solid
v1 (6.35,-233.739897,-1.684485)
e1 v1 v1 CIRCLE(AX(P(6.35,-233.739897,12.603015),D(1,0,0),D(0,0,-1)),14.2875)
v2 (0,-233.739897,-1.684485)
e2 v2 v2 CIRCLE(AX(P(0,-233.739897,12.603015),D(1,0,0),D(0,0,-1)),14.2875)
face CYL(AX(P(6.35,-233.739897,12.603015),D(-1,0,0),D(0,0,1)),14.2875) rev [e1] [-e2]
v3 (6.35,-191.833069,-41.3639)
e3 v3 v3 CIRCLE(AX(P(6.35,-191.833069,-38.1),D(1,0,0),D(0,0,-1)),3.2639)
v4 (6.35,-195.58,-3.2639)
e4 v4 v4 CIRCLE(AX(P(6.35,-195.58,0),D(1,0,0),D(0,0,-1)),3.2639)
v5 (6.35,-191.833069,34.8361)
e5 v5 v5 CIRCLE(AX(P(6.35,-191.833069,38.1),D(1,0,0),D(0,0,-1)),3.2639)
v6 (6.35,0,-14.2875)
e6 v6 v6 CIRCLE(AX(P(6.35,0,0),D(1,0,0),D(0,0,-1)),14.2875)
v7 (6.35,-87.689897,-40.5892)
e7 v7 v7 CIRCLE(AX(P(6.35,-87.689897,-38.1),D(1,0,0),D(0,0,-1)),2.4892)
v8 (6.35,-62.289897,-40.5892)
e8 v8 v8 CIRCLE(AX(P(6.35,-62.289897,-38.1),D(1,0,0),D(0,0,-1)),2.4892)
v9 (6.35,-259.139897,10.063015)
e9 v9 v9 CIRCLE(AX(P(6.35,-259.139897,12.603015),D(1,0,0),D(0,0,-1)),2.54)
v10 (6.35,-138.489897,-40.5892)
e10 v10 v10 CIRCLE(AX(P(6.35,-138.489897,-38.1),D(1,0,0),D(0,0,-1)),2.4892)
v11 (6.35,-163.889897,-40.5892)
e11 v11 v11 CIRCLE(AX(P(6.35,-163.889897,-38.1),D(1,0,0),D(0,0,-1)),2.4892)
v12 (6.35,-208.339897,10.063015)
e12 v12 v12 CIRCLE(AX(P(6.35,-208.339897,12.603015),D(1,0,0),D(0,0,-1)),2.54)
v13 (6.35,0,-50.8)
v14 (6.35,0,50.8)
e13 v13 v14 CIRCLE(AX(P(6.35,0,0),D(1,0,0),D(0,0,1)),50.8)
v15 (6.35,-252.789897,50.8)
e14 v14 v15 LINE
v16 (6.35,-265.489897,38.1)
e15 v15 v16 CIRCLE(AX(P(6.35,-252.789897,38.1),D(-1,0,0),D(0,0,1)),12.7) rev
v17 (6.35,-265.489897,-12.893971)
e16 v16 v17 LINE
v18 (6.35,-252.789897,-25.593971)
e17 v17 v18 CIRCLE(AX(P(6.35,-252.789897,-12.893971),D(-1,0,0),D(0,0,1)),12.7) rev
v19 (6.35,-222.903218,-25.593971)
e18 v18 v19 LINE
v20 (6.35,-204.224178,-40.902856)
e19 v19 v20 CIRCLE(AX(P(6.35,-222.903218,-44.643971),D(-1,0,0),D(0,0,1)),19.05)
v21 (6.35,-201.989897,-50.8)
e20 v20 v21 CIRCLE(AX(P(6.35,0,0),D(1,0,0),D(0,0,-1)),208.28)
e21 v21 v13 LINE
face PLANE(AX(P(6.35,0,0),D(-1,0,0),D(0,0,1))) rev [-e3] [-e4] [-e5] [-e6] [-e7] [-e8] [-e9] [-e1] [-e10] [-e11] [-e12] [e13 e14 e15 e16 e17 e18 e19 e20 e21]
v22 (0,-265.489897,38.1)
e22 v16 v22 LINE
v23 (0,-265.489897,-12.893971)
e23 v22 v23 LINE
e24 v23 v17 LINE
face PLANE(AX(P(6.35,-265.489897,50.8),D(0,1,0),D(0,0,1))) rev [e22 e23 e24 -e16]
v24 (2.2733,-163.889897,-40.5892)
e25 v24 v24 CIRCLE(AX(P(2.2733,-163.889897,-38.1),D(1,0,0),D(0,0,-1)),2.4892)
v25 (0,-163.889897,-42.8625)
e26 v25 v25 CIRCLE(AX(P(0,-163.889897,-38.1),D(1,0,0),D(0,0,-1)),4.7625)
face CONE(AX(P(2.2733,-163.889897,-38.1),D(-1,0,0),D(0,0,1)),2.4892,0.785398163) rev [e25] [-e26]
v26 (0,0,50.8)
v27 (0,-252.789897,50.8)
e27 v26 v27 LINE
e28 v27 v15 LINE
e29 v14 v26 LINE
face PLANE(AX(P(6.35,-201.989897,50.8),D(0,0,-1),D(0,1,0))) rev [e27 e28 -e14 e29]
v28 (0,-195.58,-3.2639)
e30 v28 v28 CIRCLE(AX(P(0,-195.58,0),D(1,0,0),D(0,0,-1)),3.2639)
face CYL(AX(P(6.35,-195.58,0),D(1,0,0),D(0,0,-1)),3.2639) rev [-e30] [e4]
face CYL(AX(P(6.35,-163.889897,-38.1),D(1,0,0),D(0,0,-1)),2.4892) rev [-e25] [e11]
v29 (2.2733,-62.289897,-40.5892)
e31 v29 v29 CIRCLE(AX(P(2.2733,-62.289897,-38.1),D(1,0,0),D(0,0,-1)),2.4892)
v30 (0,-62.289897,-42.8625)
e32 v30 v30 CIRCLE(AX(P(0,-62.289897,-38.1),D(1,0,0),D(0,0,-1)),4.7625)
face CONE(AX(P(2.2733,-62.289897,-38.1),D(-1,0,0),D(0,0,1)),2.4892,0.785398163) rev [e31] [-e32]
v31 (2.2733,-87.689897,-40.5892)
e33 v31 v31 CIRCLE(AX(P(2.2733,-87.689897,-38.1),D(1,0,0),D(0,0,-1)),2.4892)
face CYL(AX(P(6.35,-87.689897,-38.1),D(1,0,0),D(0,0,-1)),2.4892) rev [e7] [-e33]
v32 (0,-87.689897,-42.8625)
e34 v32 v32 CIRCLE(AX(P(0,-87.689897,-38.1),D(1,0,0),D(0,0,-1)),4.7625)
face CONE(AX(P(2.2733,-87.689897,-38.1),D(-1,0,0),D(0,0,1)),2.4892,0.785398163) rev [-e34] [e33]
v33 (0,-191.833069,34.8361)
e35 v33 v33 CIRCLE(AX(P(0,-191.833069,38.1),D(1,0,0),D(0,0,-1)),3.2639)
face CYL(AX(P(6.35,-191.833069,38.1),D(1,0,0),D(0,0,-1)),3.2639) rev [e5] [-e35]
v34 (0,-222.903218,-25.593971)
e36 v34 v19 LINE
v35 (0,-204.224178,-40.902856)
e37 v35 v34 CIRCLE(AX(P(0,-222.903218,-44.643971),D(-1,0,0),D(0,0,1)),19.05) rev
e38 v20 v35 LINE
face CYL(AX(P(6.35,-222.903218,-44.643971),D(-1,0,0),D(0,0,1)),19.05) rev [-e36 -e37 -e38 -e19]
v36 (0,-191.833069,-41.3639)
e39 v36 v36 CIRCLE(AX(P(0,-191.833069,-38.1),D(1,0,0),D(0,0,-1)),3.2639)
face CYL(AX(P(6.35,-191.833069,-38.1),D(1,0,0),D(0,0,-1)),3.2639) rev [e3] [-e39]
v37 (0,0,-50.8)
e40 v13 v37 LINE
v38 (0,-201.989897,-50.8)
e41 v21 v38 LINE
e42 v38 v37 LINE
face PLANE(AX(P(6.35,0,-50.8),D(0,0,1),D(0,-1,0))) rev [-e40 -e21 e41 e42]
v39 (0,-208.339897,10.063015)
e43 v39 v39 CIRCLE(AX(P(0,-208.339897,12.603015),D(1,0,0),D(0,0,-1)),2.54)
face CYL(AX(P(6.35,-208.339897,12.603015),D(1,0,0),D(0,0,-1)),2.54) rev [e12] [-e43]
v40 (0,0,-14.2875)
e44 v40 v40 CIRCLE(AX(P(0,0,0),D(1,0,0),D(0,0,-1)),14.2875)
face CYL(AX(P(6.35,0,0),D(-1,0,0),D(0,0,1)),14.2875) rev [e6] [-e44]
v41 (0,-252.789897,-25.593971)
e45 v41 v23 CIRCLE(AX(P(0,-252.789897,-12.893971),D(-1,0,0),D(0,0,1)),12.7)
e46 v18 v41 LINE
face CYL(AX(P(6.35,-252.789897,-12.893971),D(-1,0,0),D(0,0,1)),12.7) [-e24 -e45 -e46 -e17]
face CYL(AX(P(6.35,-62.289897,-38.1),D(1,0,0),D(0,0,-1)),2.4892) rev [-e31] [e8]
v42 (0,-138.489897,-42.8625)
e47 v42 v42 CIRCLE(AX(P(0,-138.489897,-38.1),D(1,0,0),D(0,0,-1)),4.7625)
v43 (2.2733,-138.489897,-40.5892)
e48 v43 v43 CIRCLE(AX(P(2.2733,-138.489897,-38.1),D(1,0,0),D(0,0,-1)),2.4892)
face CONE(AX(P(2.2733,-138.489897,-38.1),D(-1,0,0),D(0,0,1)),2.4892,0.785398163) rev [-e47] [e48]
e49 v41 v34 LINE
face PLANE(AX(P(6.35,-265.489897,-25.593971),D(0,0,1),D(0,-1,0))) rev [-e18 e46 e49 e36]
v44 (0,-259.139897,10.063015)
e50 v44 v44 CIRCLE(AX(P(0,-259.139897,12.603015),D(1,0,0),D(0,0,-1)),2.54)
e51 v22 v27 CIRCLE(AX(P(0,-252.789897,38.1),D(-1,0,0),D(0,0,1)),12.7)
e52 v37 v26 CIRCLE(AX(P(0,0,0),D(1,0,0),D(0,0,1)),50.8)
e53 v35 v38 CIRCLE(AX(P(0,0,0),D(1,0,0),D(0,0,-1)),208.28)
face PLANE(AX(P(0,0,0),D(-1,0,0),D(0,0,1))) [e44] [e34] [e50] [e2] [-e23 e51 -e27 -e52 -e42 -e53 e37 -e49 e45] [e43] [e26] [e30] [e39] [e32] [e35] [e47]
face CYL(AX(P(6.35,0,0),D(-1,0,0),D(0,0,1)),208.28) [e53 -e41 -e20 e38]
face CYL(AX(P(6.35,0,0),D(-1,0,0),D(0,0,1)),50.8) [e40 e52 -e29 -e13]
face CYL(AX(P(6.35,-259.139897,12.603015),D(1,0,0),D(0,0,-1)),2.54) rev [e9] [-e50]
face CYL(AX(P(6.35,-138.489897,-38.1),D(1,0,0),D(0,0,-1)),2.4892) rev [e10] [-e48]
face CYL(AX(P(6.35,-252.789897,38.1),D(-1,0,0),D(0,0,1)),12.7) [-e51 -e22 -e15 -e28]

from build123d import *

# Parameters (mm, degrees)
SKETCH1_R                           = 14.2875
BOSS_EXTRUDE1_DEPTH                 = 6.35
F_0_257_DIAMETER_HOLE1_D            = 6.5278
F_9_0_2_DIAMETER_HOLE1_D            = 5.08
FILLET2_R                           = 12.7
FILLET1_R                           = 19.05
F_9_0_196_DIAMETER_HOLE1_AT_2_COUNT = 2
F_9_0_196_DIAMETER_HOLE1_AT_2_PITCH = 25.4
F_9_0_196_DIAMETER_HOLE1_AT_3_COUNT = 2
F_9_0_196_DIAMETER_HOLE1_AT_3_PITCH = 76.2
F_9_0_196_DIAMETER_HOLE1_AT_4_COUNT = 2
F_9_0_196_DIAMETER_HOLE1_AT_4_PITCH = 101.6


with BuildPart() as part:
    # Sketch1 → Boss-Extrude1 (new body)
    with BuildSketch(Plane.YZ):
        with BuildLine():
            Line((0, -50.8), (-201.989896777, -50.8))
            ThreePointArc((-201.989896777, -50.8), (-204.733971085, -38.269563411), (-206.701492618, -25.593970963))
            Line((-206.701492618, -25.593970963), (-265.489896777, -25.593970963))
            Line((-265.489896777, -25.593970963), (-265.489896777, 50.8))
            Line((-265.489896777, 50.8), (-201.989896777, 50.8))
            Line((-201.989896777, 50.8), (0, 50.8))
            ThreePointArc((0, 50.8), (50.8, 0), (0, -50.8))
        make_face()
        with Locations(Location((0, 0, 0), (0, 0, 270))):
            Circle(SKETCH1_R, mode=Mode.SUBTRACT)
        with Locations(Location((-233.739896777, 12.603014519, 0), (0, 0, 270))):
            Circle(SKETCH1_R, mode=Mode.SUBTRACT)
    extrude(amount=BOSS_EXTRUDE1_DEPTH)

    # F (0.257) Diameter Hole1 (through all)
    with Locations(Plane.YZ.offset(6.35)):
        with Locations((0, 0), (-191.833069099, -38.1), (-195.58, 0), (-191.833069099, 38.1)):
            Hole(F_0_257_DIAMETER_HOLE1_D / 2)

    # #9 (0.2) Diameter Hole1 (through all)
    with Locations(Plane.YZ.offset(6.35)):
        with Locations((-259.139896777, 12.603014519), (-208.339896777, 12.603014519)):
            Hole(F_9_0_2_DIAMETER_HOLE1_D / 2)

    # Fillet2
    fillet2_edges = [part.edges().sort_by_distance(p)[0] for p in [
        (3.175, -265.489896777, -25.593970963),
        (3.175, -265.489896777, 50.8),
    ]]
    fillet(fillet2_edges, radius=FILLET2_R)

    # Fillet1
    fillet1_edges = [part.edges().sort_by_distance(p)[0] for p in [
        (3.175, -206.701492618, -25.593970963),
    ]]
    fillet(fillet1_edges, radius=FILLET1_R)

    # Sketch9 → #9 (0.196) Diameter Hole1 (revolve, cut)
    with BuildSketch(Plane(origin=(6.35, -163.889896777, -38.1), x_dir=(0, 0, -1), z_dir=(0, 1, 0))):
        Polygon((0, 0), (0, 6.35), (4.7625, 6.35), (2.4892, 4.0767), (2.4892, 0), align=None)
    f_9_0_196_diameter_hole1 = revolve(axis=Axis((12.7, -163.889896777, -38.1), (-1, 0, 0)), mode=Mode.SUBTRACT)

    # #9 (0.196) Diameter Hole1 at 2: #9 (0.196) Diameter Hole1 ×2
    with Locations(*[(0, i * F_9_0_196_DIAMETER_HOLE1_AT_2_PITCH, 0) for i in range(1, F_9_0_196_DIAMETER_HOLE1_AT_2_COUNT)]):
        add(f_9_0_196_diameter_hole1, mode=Mode.SUBTRACT)

    # #9 (0.196) Diameter Hole1 at 3: #9 (0.196) Diameter Hole1 ×2
    with Locations(*[(0, i * F_9_0_196_DIAMETER_HOLE1_AT_3_PITCH, 0) for i in range(1, F_9_0_196_DIAMETER_HOLE1_AT_3_COUNT)]):
        add(f_9_0_196_diameter_hole1, mode=Mode.SUBTRACT)

    # #9 (0.196) Diameter Hole1 at 4: #9 (0.196) Diameter Hole1 ×2
    with Locations(*[(0, i * F_9_0_196_DIAMETER_HOLE1_AT_4_PITCH, 0) for i in range(1, F_9_0_196_DIAMETER_HOLE1_AT_4_COUNT)]):
        add(f_9_0_196_diameter_hole1, mode=Mode.SUBTRACT)


solid = part.part
